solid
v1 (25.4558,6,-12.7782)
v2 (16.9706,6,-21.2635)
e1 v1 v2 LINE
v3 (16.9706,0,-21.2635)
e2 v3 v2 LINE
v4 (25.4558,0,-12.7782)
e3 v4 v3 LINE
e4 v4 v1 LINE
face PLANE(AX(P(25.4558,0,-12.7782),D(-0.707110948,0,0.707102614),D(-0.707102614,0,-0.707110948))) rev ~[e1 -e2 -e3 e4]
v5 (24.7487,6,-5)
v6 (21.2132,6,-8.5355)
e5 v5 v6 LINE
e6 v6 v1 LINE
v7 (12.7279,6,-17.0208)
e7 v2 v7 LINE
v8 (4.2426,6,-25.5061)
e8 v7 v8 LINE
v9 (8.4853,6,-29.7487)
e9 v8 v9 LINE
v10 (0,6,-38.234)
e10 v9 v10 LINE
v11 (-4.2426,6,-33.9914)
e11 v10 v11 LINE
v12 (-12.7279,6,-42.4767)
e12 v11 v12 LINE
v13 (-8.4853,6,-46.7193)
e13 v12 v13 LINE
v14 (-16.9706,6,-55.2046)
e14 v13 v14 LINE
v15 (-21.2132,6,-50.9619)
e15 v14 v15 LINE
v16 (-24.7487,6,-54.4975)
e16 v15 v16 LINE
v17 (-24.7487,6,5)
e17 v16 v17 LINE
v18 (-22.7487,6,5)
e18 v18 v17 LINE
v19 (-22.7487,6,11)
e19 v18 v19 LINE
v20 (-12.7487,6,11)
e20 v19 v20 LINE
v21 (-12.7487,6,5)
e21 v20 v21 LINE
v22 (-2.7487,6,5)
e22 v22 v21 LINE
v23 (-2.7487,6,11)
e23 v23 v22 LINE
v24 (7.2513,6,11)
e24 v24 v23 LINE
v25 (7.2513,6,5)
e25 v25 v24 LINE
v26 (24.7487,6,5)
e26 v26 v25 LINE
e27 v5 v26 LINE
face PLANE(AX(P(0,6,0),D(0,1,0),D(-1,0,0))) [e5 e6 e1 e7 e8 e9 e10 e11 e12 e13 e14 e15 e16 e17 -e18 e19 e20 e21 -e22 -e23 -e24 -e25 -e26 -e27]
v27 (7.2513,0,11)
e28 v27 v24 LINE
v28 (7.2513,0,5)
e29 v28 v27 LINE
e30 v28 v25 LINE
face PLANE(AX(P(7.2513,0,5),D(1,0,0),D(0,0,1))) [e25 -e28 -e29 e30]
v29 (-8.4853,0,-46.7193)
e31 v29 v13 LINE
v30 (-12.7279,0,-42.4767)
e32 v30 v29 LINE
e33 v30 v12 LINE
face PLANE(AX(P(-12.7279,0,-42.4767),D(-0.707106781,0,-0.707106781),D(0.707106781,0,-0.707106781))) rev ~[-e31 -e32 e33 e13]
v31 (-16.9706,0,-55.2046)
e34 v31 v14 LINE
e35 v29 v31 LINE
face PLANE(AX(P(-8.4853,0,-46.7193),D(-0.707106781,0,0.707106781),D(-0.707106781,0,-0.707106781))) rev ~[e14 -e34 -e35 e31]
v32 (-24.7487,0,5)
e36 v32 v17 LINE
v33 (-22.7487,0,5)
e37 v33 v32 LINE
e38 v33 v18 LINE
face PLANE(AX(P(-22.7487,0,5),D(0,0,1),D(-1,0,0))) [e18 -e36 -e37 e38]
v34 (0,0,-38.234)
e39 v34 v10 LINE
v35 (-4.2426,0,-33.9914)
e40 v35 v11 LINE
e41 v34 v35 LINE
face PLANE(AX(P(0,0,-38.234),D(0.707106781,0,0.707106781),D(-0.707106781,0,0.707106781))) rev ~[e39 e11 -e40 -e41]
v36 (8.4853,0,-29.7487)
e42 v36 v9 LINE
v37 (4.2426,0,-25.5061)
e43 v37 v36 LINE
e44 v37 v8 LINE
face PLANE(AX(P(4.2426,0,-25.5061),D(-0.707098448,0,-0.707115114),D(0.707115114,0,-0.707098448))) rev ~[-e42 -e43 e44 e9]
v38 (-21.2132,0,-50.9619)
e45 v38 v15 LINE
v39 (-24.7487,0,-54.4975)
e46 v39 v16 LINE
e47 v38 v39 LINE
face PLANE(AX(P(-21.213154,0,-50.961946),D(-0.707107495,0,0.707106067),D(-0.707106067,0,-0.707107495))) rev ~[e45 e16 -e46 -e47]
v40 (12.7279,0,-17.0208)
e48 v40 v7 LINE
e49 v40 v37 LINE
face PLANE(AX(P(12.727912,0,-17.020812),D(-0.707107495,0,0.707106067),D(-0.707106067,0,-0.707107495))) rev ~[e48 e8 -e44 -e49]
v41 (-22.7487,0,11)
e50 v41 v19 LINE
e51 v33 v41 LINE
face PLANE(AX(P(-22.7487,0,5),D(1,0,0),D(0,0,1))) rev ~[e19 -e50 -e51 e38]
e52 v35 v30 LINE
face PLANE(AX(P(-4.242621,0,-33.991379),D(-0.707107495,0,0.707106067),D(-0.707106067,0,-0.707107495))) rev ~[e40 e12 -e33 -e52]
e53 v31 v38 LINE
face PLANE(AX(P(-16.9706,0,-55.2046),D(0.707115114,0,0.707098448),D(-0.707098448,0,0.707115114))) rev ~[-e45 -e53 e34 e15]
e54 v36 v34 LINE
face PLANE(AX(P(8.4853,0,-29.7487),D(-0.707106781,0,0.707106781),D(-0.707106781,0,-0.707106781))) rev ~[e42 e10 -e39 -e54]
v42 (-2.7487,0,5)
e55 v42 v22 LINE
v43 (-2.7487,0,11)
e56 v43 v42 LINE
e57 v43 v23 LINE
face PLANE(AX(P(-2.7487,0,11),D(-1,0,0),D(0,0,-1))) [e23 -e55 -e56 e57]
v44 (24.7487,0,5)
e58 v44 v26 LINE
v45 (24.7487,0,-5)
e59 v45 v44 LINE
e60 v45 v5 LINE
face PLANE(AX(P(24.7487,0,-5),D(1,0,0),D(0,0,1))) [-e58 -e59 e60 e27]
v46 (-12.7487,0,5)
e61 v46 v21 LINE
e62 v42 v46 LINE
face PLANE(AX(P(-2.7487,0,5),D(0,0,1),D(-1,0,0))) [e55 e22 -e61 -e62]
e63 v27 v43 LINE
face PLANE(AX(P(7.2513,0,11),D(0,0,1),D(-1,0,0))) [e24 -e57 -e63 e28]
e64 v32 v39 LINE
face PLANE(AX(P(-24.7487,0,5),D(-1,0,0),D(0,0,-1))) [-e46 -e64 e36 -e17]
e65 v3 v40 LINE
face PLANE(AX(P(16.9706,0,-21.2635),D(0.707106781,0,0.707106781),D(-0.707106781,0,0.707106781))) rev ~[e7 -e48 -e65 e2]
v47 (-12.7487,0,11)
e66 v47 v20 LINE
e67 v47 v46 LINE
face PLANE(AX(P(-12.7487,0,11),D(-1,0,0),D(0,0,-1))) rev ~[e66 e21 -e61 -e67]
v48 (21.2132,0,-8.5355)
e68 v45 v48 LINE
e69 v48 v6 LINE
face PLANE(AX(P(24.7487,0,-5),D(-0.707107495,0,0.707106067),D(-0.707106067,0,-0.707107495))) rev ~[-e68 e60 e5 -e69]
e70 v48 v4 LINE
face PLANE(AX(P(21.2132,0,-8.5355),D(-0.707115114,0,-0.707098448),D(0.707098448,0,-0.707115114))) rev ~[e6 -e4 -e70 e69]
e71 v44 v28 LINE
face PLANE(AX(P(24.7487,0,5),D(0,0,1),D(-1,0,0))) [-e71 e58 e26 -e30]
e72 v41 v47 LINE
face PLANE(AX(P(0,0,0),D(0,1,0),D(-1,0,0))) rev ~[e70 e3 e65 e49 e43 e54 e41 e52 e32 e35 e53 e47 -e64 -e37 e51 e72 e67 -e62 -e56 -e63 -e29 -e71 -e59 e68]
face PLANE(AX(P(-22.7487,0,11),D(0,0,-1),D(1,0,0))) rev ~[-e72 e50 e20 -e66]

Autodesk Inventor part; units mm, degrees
ref_plane "YZ Plane" through (0, 0, 0) normal (1, 0, 0) x (0, 1, 0)
ref_plane "XZ Plane" through (0, 0, 0) normal (0, 1, 0) x (-1, 0, 0)
ref_plane "XY Plane" through (0, 0, 0) normal (0, 0, 1) x (1, 0, 0)
sketch "Sketch2" plane through (0, 0, 0) normal (0, 1, 0) x (-1, 0, 0)
  line L0 (-24.7487, 5) -> (24.7487, 5)
  line L1 (24.7487, 5) -> (24.7487, -5)
  line L2 (24.7487, -5) -> (-24.7487, -5)
  line L3 (-24.7487, -5) -> (-24.7487, 5)
  line L4 (-24.7487, 5) -> (24.7487, -5) construction
  line L5 (24.7487, 5) -> (-24.7487, -5) construction
  line L6 (22.7487, 11) -> (12.7487, 11)
  line L7 (12.7487, 11) -> (12.7487, 5)
  line L8 (12.7487, 5) -> (22.7487, 5)
  line L9 (22.7487, 5) -> (22.7487, 11)
  line L10 (-24.7487, -5) -> (24.7487, -54.4975)
  line L11 (-24.7487, -5) -> (45.2513, -5) construction
  line L12 (24.7487, -54.4975) -> (24.7487, -5)
  line L13 (21.2132, -50.9619) -> (12.7279, -42.4767)
  line L14 (12.7279, -42.4767) -> (8.4853, -46.7193)
  line L15 (8.4853, -46.7193) -> (16.9706, -55.2046)
  line L16 (16.9706, -55.2046) -> (21.2132, -50.9619)
  line L17 (4.2426, -33.9914) -> (-4.2426, -25.5061)
  line L18 (0, -38.234) -> (4.2426, -33.9914)
  line L19 (-8.4853, -29.7487) -> (0, -38.234)
  line L20 (-4.2426, -25.5061) -> (-8.4853, -29.7487)
  line L21 (-12.7279, -17.0208) -> (-21.2132, -8.5355)
  line L22 (-16.9706, -21.2635) -> (-12.7279, -17.0208)
  line L23 (-25.4558, -12.7782) -> (-16.9706, -21.2635)
  line L24 (-21.2132, -8.5355) -> (-25.4558, -12.7782)
  line L25 (2.7487, 5) -> (-7.2513, 5)
  line L26 (-7.2513, 5) -> (-7.2513, 11)
  line L27 (-7.2513, 11) -> (2.7487, 11)
  line L28 (2.7487, 11) -> (2.7487, 5)
  point P0 (0, 0)
  dimension "d9" = 10
  dimension "d19" = 10
  dimension "d20" = 6
  dimension "d21" = 2
  dimension "d40" = 70
  dimension "d41" = 45
  dimension "d42" = 6
  dimension "d45" = 24
  dimension "d50" = 5
  dimension "d51" = 12
  dimension "d52" = 10
  dimension "d53" = 6
  dimension "d54" = 10
extrude "Extrusion2" add sketch "Sketch2" along normal blind 6
properties part number "phone_holder_slider_side" material "Acrylic, Clear"
